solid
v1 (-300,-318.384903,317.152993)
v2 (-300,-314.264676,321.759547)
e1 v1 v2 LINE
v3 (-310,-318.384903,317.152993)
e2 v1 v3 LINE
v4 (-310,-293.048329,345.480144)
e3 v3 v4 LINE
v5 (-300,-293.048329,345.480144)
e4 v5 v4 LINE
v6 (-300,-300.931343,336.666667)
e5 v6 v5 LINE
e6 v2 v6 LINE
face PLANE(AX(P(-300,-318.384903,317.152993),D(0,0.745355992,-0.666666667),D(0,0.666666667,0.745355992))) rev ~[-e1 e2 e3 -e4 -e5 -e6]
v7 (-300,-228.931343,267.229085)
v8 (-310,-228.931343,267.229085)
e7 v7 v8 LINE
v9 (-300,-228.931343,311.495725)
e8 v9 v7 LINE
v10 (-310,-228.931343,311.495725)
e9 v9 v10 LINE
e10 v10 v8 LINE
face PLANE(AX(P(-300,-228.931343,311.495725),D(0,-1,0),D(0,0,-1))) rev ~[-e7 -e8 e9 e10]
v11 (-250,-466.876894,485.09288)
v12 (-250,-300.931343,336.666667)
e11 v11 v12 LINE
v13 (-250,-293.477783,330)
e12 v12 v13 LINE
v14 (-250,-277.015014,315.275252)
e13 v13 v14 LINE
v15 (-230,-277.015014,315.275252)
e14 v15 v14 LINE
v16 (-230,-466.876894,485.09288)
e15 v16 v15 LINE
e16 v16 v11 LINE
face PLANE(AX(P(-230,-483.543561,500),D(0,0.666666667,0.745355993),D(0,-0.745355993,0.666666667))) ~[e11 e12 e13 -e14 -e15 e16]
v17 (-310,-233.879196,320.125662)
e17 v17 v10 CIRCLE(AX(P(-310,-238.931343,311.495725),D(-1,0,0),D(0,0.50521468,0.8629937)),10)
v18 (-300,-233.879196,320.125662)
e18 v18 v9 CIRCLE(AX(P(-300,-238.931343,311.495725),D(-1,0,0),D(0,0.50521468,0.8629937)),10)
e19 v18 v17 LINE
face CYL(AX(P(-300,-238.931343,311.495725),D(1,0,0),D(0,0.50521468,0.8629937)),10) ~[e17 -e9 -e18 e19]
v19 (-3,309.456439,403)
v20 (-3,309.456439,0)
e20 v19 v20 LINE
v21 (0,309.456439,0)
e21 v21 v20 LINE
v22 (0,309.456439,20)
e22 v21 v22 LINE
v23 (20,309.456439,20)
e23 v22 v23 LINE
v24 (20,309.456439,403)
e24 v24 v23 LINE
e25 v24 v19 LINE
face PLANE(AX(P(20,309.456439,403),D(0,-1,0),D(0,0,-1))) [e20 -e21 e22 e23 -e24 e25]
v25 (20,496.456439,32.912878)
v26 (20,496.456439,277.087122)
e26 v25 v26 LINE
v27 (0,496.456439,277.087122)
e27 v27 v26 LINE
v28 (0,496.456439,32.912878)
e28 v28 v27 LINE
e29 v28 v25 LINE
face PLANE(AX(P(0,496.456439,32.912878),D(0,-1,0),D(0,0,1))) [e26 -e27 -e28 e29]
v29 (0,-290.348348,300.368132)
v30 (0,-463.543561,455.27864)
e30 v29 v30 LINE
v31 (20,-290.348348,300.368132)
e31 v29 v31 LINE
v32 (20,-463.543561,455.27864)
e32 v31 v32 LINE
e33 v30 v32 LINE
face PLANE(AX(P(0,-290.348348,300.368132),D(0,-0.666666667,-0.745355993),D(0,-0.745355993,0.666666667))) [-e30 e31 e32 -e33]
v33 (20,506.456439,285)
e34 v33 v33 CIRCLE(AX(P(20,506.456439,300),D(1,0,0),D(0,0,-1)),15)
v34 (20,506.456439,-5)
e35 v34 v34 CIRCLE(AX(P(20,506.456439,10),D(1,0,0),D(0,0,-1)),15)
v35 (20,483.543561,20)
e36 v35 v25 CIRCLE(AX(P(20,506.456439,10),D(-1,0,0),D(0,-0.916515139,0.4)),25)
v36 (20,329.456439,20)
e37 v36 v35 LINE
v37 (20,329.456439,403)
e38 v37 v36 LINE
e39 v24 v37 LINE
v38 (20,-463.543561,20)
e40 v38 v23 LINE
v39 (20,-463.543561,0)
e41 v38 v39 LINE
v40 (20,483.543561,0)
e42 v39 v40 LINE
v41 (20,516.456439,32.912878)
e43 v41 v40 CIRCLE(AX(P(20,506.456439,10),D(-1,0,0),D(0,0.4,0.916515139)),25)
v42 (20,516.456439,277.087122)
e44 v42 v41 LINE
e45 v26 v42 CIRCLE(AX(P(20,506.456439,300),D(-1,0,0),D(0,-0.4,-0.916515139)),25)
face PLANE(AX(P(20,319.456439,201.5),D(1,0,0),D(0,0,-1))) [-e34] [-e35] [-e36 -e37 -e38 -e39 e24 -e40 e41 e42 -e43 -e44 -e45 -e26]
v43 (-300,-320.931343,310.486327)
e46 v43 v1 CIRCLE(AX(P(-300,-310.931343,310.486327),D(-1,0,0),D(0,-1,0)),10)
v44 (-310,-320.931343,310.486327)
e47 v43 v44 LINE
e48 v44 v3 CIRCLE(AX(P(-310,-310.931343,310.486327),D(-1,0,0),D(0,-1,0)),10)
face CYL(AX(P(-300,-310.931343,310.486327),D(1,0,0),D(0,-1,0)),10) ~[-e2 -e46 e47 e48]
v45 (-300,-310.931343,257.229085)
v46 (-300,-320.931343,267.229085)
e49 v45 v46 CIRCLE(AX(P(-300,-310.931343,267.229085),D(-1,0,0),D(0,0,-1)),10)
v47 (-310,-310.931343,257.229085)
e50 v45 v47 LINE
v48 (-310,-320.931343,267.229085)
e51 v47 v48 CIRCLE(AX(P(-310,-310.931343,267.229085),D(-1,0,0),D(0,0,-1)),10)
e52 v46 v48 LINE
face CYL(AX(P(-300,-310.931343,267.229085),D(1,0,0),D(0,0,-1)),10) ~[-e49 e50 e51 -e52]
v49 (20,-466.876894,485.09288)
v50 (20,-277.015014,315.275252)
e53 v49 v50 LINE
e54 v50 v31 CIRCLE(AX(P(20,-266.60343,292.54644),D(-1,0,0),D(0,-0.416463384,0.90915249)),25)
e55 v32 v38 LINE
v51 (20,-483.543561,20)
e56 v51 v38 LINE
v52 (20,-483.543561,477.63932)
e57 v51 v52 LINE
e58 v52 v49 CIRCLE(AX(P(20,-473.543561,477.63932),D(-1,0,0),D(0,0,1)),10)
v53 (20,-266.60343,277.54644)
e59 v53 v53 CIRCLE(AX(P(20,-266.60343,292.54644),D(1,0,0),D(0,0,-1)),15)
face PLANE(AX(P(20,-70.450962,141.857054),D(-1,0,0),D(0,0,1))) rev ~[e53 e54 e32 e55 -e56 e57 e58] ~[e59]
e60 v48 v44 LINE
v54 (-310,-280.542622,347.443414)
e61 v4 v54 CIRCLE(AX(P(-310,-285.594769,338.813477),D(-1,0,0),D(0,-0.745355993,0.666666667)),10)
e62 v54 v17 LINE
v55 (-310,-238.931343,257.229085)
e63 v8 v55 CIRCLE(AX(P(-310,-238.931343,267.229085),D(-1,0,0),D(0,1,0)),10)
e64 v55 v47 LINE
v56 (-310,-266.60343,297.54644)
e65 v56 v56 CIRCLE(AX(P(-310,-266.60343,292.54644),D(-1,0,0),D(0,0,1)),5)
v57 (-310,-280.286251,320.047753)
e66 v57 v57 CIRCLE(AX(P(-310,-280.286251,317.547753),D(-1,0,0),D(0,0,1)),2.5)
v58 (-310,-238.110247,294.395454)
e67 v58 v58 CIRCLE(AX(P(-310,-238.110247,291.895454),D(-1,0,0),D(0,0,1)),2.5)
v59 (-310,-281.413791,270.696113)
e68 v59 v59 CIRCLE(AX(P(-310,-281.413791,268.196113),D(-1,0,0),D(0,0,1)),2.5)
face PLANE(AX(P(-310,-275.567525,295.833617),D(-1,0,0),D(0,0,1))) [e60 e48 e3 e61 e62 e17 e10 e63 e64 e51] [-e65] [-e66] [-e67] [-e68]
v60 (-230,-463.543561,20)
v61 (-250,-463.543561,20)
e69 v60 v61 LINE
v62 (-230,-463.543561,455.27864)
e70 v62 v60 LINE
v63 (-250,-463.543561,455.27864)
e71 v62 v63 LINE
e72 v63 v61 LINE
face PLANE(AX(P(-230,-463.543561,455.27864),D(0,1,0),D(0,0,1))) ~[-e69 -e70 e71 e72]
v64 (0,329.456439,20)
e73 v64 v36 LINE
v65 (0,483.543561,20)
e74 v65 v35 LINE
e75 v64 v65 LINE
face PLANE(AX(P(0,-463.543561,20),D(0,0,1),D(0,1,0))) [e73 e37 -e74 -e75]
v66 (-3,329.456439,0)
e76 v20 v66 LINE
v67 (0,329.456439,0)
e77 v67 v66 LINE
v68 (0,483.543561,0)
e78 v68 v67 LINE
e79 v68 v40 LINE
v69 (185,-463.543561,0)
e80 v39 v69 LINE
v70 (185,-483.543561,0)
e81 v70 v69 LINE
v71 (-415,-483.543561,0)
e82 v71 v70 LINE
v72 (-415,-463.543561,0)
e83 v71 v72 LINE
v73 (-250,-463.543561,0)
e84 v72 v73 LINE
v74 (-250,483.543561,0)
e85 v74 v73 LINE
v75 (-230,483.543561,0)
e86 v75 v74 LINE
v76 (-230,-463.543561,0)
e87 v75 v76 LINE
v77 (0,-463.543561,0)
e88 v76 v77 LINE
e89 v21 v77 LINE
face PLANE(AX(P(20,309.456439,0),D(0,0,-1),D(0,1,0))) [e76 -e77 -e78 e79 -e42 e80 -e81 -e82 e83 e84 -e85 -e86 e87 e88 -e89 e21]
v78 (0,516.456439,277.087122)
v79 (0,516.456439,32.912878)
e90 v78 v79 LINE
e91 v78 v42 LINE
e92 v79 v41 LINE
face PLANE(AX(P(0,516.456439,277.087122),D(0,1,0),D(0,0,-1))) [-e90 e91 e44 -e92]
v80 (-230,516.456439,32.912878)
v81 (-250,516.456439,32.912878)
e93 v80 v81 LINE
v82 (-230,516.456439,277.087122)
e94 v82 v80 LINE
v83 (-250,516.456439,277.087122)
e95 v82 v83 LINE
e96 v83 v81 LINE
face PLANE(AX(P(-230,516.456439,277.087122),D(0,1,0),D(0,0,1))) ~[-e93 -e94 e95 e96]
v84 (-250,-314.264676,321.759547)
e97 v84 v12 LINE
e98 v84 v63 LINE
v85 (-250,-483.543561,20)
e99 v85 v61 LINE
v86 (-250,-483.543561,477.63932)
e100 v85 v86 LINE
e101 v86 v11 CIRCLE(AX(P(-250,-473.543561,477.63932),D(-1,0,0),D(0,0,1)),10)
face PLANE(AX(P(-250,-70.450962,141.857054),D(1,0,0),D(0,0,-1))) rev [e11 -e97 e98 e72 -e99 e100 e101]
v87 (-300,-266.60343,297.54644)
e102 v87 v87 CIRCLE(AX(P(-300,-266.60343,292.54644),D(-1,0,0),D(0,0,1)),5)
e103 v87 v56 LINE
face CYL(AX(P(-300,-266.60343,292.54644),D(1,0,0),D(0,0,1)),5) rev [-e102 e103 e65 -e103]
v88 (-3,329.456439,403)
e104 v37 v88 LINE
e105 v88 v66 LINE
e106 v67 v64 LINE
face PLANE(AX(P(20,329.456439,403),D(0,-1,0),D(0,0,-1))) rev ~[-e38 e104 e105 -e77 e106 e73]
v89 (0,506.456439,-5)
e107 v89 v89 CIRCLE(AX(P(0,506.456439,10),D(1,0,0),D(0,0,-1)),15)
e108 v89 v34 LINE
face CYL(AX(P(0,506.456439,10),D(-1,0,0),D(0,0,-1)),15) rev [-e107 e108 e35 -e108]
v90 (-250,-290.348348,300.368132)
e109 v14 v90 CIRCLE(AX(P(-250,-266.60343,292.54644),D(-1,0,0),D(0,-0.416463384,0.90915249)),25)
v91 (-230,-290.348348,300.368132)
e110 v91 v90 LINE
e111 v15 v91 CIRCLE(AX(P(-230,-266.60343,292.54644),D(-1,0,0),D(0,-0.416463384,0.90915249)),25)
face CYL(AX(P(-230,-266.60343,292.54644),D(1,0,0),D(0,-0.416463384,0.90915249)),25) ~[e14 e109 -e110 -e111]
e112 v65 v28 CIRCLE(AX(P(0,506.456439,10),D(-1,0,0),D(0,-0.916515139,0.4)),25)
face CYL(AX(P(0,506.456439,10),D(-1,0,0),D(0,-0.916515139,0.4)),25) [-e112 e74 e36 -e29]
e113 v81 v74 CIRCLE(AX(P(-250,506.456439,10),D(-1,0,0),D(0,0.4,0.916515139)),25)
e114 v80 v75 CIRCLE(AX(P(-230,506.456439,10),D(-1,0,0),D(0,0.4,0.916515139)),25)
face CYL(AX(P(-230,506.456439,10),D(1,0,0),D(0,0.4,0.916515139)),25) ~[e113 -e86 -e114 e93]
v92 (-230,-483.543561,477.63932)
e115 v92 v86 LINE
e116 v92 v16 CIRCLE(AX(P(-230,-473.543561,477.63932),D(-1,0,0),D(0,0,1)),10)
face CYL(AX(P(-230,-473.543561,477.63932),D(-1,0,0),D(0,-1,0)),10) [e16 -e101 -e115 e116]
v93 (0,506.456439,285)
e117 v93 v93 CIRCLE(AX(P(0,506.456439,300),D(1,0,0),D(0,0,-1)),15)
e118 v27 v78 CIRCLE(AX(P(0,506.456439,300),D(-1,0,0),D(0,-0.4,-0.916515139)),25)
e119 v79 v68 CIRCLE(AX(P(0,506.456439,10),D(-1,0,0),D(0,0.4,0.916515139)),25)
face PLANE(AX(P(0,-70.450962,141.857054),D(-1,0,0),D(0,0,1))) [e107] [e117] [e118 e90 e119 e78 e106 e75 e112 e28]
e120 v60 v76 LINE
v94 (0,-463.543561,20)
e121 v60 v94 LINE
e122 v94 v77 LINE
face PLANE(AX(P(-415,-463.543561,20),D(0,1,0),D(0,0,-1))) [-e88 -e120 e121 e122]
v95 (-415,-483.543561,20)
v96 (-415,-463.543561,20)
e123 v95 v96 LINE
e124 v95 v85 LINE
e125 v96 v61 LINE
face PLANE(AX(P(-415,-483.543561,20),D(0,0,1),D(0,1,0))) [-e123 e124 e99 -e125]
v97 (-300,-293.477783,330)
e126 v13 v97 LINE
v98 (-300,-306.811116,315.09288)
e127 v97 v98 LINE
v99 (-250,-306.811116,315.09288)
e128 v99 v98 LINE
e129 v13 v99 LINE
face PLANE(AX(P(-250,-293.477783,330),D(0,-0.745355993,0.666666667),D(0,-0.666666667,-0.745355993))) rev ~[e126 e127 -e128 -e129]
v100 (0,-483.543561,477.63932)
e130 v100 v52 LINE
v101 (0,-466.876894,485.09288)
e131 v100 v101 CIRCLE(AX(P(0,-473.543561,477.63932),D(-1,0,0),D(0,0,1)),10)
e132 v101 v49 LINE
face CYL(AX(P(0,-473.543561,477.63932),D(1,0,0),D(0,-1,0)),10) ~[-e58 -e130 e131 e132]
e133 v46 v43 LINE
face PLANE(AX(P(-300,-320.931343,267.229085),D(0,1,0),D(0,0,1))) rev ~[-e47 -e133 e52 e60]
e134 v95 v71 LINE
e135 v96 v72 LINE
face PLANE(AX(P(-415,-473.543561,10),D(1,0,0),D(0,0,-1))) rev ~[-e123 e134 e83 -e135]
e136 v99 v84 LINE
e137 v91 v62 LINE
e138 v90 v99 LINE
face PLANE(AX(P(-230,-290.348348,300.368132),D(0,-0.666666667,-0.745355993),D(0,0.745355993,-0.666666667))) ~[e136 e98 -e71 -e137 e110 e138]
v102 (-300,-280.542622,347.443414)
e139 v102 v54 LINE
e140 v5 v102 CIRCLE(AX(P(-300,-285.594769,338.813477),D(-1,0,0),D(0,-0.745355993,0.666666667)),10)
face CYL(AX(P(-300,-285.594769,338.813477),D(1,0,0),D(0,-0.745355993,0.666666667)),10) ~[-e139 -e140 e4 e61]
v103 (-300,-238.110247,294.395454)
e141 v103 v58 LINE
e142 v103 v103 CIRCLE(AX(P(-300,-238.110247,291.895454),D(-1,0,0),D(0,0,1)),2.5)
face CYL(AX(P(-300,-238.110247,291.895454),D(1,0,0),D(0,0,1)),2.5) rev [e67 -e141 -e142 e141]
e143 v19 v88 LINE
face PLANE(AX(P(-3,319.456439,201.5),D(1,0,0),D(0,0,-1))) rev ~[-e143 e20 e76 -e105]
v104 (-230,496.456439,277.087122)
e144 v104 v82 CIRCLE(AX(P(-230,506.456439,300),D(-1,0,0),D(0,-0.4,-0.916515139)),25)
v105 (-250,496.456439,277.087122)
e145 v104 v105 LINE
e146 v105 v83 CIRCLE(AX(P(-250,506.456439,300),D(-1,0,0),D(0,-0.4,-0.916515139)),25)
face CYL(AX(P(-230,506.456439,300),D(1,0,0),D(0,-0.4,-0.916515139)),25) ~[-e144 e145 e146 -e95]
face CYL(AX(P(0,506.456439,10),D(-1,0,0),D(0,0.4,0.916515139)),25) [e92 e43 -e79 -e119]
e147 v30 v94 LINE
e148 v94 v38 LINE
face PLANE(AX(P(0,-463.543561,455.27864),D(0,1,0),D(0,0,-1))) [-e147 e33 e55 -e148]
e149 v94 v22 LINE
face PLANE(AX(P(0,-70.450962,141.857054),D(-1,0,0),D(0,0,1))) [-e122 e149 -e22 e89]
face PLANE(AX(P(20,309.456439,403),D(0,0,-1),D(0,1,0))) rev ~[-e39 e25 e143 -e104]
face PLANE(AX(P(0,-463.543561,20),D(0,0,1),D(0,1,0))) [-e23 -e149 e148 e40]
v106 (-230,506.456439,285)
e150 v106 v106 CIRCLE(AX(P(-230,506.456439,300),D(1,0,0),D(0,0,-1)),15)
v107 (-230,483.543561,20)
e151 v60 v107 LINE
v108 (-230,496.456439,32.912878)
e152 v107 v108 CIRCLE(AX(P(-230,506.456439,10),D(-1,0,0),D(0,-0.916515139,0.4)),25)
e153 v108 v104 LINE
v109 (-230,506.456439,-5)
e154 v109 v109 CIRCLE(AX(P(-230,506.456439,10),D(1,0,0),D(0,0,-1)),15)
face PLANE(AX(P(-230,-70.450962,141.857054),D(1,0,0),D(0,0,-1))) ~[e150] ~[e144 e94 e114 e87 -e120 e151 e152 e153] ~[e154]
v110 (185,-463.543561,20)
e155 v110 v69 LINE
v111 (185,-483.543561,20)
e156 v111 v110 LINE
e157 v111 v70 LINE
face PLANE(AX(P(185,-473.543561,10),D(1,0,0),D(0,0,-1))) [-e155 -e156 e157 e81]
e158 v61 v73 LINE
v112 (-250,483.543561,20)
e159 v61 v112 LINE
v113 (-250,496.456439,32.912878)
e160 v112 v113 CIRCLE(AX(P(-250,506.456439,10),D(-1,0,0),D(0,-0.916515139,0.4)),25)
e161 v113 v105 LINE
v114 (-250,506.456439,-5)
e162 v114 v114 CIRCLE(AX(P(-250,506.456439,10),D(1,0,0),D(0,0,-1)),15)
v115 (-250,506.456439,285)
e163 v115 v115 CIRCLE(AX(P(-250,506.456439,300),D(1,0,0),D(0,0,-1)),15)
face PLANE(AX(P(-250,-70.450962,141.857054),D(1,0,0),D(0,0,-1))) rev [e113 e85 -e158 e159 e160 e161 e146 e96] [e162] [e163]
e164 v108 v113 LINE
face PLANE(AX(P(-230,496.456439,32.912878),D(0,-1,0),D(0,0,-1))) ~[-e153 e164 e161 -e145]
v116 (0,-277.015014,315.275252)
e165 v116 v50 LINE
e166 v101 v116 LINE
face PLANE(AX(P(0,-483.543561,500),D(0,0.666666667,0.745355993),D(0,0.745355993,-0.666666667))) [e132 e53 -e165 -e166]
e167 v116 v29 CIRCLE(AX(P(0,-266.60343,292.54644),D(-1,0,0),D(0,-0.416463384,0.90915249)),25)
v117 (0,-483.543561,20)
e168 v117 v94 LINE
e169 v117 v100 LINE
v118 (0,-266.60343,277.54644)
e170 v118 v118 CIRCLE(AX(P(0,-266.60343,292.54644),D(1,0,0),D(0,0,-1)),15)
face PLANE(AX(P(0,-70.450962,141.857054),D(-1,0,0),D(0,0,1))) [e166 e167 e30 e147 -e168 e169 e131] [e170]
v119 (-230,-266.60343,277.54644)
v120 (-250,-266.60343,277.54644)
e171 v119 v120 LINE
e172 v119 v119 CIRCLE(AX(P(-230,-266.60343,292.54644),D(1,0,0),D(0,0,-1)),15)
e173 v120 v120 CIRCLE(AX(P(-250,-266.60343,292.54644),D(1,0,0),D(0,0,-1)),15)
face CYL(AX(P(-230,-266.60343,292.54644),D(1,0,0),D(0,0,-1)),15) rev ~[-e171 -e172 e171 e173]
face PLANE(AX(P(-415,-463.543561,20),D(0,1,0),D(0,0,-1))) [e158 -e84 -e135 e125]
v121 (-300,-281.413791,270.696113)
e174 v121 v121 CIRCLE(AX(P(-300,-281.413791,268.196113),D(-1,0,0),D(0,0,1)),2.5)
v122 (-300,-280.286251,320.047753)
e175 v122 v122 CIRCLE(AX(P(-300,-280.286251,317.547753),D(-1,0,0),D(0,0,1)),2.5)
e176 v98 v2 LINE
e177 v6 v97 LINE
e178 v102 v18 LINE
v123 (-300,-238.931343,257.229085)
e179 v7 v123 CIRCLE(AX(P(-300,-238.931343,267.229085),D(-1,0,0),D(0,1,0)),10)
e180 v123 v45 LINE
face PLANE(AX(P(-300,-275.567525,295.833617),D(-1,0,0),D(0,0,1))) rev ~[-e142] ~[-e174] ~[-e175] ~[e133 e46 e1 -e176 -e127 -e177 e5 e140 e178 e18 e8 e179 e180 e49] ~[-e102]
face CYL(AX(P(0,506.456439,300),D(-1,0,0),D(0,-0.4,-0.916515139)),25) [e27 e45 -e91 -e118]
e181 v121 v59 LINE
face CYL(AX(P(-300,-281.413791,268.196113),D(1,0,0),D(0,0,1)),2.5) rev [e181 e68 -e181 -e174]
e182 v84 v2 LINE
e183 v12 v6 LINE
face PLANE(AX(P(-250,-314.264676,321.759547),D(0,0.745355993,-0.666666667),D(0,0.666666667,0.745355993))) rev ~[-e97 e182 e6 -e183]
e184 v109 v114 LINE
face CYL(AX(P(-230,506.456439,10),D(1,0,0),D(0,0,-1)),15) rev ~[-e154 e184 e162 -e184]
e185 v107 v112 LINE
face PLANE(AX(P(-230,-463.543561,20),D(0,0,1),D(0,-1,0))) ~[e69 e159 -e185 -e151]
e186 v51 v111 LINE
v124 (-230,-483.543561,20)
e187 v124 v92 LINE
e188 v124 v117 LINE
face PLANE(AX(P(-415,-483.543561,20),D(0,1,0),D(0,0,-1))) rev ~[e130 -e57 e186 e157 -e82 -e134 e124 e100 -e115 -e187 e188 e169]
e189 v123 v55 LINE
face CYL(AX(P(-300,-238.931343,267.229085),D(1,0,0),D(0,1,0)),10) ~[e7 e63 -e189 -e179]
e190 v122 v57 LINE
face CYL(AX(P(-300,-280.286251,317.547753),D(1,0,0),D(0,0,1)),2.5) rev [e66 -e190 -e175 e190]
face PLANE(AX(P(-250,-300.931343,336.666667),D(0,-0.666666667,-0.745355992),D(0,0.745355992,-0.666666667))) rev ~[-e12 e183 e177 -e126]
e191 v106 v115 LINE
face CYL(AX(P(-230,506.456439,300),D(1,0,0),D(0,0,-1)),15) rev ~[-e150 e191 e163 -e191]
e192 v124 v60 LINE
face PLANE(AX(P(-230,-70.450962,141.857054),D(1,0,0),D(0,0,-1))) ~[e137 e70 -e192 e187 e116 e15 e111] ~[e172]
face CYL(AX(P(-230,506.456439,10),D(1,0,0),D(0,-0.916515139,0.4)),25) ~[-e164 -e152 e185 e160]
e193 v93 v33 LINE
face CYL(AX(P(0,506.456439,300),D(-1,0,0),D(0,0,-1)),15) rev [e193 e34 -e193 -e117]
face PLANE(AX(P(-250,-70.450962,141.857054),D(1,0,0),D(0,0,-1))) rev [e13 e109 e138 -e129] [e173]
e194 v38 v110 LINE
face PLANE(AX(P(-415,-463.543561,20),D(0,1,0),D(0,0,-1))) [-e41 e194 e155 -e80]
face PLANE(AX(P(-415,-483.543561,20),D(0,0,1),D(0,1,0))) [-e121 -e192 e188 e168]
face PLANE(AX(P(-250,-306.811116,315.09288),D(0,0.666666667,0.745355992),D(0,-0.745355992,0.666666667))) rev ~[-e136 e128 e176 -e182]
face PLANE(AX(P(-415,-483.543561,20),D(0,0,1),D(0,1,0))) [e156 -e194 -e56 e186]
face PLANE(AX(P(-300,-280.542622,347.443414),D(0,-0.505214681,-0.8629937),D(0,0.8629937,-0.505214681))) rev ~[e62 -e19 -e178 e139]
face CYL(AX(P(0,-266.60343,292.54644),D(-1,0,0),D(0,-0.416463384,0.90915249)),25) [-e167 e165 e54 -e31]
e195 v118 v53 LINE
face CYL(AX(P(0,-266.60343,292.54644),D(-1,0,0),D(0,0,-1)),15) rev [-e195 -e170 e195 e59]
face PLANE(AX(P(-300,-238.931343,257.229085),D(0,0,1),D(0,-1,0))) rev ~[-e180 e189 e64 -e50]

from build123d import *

# Parameters (mm, degrees)
SKETCH1_R                = 15
BOSS_EXTRUDE1_DEPTH      = 20
FILLET1_R                = 10
BOSS_EXTRUDE2_DEPTH      = 300
BOSS_EXTRUDE2_DEPTH_BACK = 300
SKETCH2_W                = 20
SKETCH2_H                = 20
SKETCH3_W                = 403
SKETCH3_H                = 20
BOSS_EXTRUDE3_DEPTH      = 23
BOSS_EXTRUDE4_DEPTH      = 50
SKETCH5_R                = 2.5
SKETCH5_R_2              = 5
BOSS_EXTRUDE5_DEPTH      = 10


with BuildPart() as part:
    # Sketch1 → Boss-Extrude1 (new body)
    with BuildSketch(Plane(origin=(0, 0, 0), x_dir=(0, 0, -1), z_dir=(1, 0, 0))):
        with BuildLine():
            Line((-277.087121525, 516.456439237), (-32.912878475, 516.456439237))
            ThreePointArc((-32.912878475, 516.456439237), (7.67766953, 524.134108767), (0, 483.543560763))
            Line((0, 483.543560763), (0, -483.543560763))
            Line((0, -483.543560763), (-500, -483.543560763))
            Line((-500, -483.543560763), (-315.275252317, -277.015014289))
            ThreePointArc((-315.275252317, -277.015014289), (-275.879773408, -247.969529867), (-300.368132467, -290.348347623))
            Line((-300.368132467, -290.348347623), (-455.27864045, -463.543560763))
            Line((-455.27864045, -463.543560763), (-20, -463.543560763))
            Line((-20, -463.543560763), (-20, 483.543560763))
            ThreePointArc((-20, 483.543560763), (-27.67766953, 488.778769708), (-32.912878475, 496.456439237))
            Line((-32.912878475, 496.456439237), (-277.087121525, 496.456439237))
            ThreePointArc((-277.087121525, 496.456439237), (-325, 506.456439237), (-277.087121525, 516.456439237))
        make_face()
        with Locations((-292.546440075, -266.603429679)):
            Circle(SKETCH1_R, mode=Mode.SUBTRACT)
        with Locations((-300, 506.456439237)):
            Circle(SKETCH1_R, mode=Mode.SUBTRACT)
        with Locations((-10, 506.456439237)):
            Circle(SKETCH1_R, mode=Mode.SUBTRACT)
    extrude(amount=BOSS_EXTRUDE1_DEPTH)

    # Fillet1
    fillet1_edges = [part.edges().sort_by_distance(p)[0] for p in [
        (10, -483.543560763, 500),
    ]]
    fillet(fillet1_edges, radius=FILLET1_R)


with BuildPart() as body_2:
    # Mirror2: mirrored copy
    add(part.part.mirror(Plane(origin=(-115, 0, 0), x_dir=(0, 0, 1), z_dir=(1, 0, 0))))


with BuildPart() as part_1:
    add(part.part)

    add(body_2.part)  # Boss-Extrude2 merges body 2
    # Sketch2 → Boss-Extrude2 (add, two sides: drawn at the far end of the back side and taken through both)
    with BuildSketch(Plane(origin=(-115, 0, 0), x_dir=(0, 0, -1), z_dir=(1, 0, 0)).offset(-BOSS_EXTRUDE2_DEPTH_BACK)):
        with Locations((-10, -473.543560763)):
            Rectangle(SKETCH2_W, SKETCH2_H)
    extrude(amount=BOSS_EXTRUDE2_DEPTH + BOSS_EXTRUDE2_DEPTH_BACK)

    # Sketch3 → Boss-Extrude3 (add)
    with BuildSketch(Plane(origin=(20, 0, 0), x_dir=(0, 0, -1), z_dir=(1, 0, 0))):
        with Locations((-201.5, 319.456439237)):
            Rectangle(SKETCH3_W, SKETCH3_H)
    extrude(amount=-BOSS_EXTRUDE3_DEPTH)

    # Sketch4 → Boss-Extrude4 (add)
    with BuildSketch(Plane.ZY.offset(250)):
        Polygon((330, -293.477782675), (315.09288015, -306.811116008), (321.759546817, -314.264675933), (336.666666667, -300.9313426), align=None)
    extrude(amount=BOSS_EXTRUDE4_DEPTH)

    # Sketch5 → Boss-Extrude5 (add)
    with BuildSketch(Plane.ZY.offset(300)):
        with BuildLine():
            Line((317.152993446, -318.384902525), (345.480143996, -293.048328829))
            ThreePointArc((345.480143996, -293.048328829), (348.692480121, -287.145673106), (347.443414331, -280.542622098))
            Line((347.443414331, -280.542622098), (320.125662167, -233.879195794))
            ThreePointArc((320.125662167, -233.879195794), (316.469583424, -230.256048136), (311.495725166, -228.9313426))
            Line((311.495725166, -228.9313426), (267.229084741, -228.9313426))
            ThreePointArc((267.229084741, -228.9313426), (260.158016929, -231.860274788), (257.229084741, -238.9313426))
            Line((257.229084741, -238.9313426), (257.229084741, -310.9313426))
            ThreePointArc((257.229084741, -310.9313426), (260.158016929, -318.002410412), (267.229084741, -320.9313426))
            Line((267.229084741, -320.9313426), (310.486326779, -320.9313426))
            ThreePointArc((310.486326779, -320.9313426), (314.054547677, -320.27306619), (317.152993446, -318.384902525))
        make_face()
        with Locations((317.547753068, -280.286250567)):
            Circle(SKETCH5_R, mode=Mode.SUBTRACT)
        with Locations((268.196113094, -281.413791415)):
            Circle(SKETCH5_R, mode=Mode.SUBTRACT)
        with Locations((291.895454063, -238.110247055)):
            Circle(SKETCH5_R, mode=Mode.SUBTRACT)
        with Locations((292.546440075, -266.603429679)):
            Circle(SKETCH5_R_2, mode=Mode.SUBTRACT)
    extrude(amount=BOSS_EXTRUDE5_DEPTH)


solid = part_1.part
